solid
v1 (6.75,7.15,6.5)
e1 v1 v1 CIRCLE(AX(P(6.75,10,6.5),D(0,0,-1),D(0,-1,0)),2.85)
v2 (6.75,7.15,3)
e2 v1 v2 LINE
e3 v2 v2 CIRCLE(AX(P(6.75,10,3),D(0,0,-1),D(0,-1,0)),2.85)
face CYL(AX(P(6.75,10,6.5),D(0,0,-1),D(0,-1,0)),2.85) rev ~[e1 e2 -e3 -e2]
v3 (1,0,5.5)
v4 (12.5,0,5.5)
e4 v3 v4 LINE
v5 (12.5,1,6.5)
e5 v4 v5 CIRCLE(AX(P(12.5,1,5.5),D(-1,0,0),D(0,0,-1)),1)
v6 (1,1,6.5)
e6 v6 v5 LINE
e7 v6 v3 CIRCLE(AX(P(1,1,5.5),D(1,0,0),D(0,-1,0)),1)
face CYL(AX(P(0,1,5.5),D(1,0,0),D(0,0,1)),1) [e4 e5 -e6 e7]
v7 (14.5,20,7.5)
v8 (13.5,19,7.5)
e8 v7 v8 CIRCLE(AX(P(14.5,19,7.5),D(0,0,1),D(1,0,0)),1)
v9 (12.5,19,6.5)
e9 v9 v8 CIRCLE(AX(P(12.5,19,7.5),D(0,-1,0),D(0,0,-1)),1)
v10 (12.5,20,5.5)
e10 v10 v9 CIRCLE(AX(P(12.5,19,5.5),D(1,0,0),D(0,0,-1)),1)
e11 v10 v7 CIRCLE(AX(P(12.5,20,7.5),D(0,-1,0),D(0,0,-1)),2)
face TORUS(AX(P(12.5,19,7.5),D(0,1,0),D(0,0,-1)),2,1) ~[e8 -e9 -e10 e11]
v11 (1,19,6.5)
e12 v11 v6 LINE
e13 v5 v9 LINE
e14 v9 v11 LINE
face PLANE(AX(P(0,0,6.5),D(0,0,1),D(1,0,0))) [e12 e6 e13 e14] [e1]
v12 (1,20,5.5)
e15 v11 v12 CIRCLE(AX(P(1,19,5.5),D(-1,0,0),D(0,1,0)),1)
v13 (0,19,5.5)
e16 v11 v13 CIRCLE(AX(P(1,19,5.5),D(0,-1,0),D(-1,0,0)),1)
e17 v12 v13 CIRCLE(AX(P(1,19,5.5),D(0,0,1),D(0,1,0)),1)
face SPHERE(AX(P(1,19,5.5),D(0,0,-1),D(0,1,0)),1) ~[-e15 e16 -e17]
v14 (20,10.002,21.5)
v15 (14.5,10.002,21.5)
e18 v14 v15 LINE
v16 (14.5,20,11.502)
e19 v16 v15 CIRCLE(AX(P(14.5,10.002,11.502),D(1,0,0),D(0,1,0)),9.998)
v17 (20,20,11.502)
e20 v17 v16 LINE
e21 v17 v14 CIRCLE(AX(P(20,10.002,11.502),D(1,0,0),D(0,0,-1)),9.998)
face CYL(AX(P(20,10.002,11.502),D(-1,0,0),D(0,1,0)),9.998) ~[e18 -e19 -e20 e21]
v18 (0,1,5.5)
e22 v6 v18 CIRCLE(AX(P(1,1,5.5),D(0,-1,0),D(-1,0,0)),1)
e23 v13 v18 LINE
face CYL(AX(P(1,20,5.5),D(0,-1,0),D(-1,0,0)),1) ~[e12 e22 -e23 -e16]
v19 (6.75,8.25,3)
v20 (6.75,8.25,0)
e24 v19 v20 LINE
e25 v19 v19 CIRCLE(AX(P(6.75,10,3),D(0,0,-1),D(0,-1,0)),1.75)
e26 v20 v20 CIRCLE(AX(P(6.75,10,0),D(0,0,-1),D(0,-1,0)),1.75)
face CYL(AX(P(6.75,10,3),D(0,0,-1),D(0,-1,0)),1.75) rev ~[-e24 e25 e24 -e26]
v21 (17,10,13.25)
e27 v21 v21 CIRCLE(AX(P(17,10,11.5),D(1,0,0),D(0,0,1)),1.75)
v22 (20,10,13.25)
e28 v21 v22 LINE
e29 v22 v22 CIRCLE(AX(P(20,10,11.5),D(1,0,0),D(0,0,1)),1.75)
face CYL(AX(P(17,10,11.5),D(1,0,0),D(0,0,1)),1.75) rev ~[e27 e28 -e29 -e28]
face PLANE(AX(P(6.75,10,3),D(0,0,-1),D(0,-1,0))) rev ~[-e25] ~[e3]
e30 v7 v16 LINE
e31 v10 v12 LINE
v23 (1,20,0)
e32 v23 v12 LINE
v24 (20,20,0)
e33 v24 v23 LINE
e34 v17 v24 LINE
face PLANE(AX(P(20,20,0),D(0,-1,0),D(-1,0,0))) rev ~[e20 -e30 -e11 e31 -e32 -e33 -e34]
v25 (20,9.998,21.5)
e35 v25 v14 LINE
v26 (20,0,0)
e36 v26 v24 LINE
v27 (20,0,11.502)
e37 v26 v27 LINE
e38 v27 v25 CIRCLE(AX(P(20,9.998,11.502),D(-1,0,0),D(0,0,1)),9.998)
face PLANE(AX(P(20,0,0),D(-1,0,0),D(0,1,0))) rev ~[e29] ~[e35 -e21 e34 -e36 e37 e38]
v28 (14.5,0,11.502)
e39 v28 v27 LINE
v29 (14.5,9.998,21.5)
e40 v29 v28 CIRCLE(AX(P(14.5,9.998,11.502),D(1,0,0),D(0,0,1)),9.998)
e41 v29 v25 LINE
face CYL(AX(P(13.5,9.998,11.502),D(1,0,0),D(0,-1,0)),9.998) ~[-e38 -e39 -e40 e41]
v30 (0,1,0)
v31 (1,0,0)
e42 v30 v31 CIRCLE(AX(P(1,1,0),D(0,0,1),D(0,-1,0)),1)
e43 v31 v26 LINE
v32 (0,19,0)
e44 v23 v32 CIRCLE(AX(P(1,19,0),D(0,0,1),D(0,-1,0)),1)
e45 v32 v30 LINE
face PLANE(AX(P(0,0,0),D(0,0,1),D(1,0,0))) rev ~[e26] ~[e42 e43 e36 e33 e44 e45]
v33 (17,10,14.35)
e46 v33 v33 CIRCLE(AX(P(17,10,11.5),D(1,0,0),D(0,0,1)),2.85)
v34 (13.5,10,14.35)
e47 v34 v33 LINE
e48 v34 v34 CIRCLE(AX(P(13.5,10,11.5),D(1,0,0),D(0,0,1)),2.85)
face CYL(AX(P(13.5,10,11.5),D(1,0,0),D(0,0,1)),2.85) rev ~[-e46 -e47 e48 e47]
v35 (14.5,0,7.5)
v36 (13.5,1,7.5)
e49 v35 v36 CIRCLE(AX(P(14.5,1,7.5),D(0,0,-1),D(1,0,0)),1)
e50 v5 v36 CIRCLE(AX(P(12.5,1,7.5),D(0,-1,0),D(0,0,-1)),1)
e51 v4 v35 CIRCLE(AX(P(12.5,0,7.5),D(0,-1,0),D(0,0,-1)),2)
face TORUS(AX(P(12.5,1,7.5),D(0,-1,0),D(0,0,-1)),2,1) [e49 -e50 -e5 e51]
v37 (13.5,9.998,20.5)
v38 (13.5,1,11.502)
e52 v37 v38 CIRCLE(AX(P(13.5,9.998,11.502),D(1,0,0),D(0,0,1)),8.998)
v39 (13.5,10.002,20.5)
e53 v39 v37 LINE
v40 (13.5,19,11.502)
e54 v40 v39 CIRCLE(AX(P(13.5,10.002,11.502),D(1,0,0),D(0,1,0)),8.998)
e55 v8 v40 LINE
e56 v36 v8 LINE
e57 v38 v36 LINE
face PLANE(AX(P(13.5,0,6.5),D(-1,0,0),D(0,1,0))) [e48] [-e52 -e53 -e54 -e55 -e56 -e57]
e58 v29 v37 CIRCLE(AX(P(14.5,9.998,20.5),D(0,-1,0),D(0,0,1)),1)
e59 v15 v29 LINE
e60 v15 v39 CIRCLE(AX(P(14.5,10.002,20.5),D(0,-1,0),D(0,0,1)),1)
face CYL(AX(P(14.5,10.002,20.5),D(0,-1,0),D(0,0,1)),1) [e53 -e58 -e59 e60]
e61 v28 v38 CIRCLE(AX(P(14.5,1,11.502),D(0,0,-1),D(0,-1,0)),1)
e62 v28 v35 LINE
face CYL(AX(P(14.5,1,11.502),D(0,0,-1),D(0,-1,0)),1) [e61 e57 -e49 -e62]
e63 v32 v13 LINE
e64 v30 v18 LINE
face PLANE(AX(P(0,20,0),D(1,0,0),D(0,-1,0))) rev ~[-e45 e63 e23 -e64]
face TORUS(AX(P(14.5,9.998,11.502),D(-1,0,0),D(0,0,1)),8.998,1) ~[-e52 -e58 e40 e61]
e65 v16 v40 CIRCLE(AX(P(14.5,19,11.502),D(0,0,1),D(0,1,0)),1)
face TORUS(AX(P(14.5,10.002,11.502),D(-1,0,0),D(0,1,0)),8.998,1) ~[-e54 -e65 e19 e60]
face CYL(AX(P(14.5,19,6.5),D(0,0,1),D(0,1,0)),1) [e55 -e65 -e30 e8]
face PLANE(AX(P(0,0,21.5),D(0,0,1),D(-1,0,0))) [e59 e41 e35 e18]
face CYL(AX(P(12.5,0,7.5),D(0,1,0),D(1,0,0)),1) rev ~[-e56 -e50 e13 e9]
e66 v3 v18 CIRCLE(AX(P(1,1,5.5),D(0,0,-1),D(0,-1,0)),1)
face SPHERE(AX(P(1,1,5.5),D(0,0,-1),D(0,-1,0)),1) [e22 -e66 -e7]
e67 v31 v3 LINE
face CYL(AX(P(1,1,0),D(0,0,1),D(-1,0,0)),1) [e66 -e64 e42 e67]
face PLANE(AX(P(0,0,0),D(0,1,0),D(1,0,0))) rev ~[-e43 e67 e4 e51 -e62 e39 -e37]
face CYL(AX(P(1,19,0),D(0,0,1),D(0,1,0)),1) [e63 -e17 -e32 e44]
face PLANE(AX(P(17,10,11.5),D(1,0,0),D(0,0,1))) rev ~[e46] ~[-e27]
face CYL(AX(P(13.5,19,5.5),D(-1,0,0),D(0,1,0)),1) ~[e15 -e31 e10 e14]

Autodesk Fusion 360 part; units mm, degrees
sketch "Sketch1" plane through (0, 0, 0) normal (0, 0, 1) x (1, 0, 0)
  line L0 (0, 0) -> (20, 0)
  line L1 (20, 0) -> (20, 20)
  line L2 (20, 20) -> (0, 20)
  line L3 (0, 20) -> (0, 0)
  dimension "d34" = 20
extrude "Extrude1" add sketch "Sketch1" along normal blind 6.5
sketch "Sketch2" plane through (0, 0, 6.5) normal (0, 0, 1) x (-1, 0, 0)
  line L0 (0, -20) -> (0, 0)
  line L1 (0, 0) -> (-20, 0)
  line L2 (-20, 0) -> (-20, -20)
  line L3 (-20, -20) -> (0, -20)
  line L4 (-20, -20) -> (-20, 0)
  line L5 (-13.5, 0) -> (-13.5, -20)
  line L6 (-13.5, -20) -> (0, 0) construction
  dimension "d33" = 6.5
extrude "Extrude2" add sketch "Sketch2" along normal blind 15 contours L1 L2 L3 L4 L5
sketch "Sketch5" plane through (20, 0, 0) normal (1, 0, 0) x (0, 1, 0)
  line L0 (0, 21.5) -> (0, 0)
  line L1 (0, 0) -> (20, 0)
  line L2 (20, 0) -> (20, 21.5)
  line L3 (20, 21.5) -> (0, 21.5)
  line L4 (0, 21.5) -> (20, 1.5) construction
  line L5 (0, 21.5) -> (20, 21.5) construction
  line L6 (20, 21.5) -> (10, 11.5) construction
  dimension "d37" = 45
fillet "Fillet2" radius 10 2 edges at (16.75, 20, 21.5) (16.75, 0, 21.5)
hole "Hole3" at (13.5, 10, 11.5) direction (1, 0, 0) diameter 3.5 end through all counterbore diameter 5.7 counterbore depth 3.5
hole "Hole4" at (6.75, 10, 6.5) direction (0, 0, -1) diameter 3.5 end through all counterbore diameter 5.7 counterbore depth 3.5
fillet "Fillet1" radius 1 9 edges at (0, 20, 3.25) (0, 0, 3.25) (6.75, 0, 6.5) (6.75, 20, 6.5) (0, 10, 6.5) (13.5, 20, 9) (13.5, 10, 21.5) (13.5, 0, 9) (13.5, 10, 6.5)
